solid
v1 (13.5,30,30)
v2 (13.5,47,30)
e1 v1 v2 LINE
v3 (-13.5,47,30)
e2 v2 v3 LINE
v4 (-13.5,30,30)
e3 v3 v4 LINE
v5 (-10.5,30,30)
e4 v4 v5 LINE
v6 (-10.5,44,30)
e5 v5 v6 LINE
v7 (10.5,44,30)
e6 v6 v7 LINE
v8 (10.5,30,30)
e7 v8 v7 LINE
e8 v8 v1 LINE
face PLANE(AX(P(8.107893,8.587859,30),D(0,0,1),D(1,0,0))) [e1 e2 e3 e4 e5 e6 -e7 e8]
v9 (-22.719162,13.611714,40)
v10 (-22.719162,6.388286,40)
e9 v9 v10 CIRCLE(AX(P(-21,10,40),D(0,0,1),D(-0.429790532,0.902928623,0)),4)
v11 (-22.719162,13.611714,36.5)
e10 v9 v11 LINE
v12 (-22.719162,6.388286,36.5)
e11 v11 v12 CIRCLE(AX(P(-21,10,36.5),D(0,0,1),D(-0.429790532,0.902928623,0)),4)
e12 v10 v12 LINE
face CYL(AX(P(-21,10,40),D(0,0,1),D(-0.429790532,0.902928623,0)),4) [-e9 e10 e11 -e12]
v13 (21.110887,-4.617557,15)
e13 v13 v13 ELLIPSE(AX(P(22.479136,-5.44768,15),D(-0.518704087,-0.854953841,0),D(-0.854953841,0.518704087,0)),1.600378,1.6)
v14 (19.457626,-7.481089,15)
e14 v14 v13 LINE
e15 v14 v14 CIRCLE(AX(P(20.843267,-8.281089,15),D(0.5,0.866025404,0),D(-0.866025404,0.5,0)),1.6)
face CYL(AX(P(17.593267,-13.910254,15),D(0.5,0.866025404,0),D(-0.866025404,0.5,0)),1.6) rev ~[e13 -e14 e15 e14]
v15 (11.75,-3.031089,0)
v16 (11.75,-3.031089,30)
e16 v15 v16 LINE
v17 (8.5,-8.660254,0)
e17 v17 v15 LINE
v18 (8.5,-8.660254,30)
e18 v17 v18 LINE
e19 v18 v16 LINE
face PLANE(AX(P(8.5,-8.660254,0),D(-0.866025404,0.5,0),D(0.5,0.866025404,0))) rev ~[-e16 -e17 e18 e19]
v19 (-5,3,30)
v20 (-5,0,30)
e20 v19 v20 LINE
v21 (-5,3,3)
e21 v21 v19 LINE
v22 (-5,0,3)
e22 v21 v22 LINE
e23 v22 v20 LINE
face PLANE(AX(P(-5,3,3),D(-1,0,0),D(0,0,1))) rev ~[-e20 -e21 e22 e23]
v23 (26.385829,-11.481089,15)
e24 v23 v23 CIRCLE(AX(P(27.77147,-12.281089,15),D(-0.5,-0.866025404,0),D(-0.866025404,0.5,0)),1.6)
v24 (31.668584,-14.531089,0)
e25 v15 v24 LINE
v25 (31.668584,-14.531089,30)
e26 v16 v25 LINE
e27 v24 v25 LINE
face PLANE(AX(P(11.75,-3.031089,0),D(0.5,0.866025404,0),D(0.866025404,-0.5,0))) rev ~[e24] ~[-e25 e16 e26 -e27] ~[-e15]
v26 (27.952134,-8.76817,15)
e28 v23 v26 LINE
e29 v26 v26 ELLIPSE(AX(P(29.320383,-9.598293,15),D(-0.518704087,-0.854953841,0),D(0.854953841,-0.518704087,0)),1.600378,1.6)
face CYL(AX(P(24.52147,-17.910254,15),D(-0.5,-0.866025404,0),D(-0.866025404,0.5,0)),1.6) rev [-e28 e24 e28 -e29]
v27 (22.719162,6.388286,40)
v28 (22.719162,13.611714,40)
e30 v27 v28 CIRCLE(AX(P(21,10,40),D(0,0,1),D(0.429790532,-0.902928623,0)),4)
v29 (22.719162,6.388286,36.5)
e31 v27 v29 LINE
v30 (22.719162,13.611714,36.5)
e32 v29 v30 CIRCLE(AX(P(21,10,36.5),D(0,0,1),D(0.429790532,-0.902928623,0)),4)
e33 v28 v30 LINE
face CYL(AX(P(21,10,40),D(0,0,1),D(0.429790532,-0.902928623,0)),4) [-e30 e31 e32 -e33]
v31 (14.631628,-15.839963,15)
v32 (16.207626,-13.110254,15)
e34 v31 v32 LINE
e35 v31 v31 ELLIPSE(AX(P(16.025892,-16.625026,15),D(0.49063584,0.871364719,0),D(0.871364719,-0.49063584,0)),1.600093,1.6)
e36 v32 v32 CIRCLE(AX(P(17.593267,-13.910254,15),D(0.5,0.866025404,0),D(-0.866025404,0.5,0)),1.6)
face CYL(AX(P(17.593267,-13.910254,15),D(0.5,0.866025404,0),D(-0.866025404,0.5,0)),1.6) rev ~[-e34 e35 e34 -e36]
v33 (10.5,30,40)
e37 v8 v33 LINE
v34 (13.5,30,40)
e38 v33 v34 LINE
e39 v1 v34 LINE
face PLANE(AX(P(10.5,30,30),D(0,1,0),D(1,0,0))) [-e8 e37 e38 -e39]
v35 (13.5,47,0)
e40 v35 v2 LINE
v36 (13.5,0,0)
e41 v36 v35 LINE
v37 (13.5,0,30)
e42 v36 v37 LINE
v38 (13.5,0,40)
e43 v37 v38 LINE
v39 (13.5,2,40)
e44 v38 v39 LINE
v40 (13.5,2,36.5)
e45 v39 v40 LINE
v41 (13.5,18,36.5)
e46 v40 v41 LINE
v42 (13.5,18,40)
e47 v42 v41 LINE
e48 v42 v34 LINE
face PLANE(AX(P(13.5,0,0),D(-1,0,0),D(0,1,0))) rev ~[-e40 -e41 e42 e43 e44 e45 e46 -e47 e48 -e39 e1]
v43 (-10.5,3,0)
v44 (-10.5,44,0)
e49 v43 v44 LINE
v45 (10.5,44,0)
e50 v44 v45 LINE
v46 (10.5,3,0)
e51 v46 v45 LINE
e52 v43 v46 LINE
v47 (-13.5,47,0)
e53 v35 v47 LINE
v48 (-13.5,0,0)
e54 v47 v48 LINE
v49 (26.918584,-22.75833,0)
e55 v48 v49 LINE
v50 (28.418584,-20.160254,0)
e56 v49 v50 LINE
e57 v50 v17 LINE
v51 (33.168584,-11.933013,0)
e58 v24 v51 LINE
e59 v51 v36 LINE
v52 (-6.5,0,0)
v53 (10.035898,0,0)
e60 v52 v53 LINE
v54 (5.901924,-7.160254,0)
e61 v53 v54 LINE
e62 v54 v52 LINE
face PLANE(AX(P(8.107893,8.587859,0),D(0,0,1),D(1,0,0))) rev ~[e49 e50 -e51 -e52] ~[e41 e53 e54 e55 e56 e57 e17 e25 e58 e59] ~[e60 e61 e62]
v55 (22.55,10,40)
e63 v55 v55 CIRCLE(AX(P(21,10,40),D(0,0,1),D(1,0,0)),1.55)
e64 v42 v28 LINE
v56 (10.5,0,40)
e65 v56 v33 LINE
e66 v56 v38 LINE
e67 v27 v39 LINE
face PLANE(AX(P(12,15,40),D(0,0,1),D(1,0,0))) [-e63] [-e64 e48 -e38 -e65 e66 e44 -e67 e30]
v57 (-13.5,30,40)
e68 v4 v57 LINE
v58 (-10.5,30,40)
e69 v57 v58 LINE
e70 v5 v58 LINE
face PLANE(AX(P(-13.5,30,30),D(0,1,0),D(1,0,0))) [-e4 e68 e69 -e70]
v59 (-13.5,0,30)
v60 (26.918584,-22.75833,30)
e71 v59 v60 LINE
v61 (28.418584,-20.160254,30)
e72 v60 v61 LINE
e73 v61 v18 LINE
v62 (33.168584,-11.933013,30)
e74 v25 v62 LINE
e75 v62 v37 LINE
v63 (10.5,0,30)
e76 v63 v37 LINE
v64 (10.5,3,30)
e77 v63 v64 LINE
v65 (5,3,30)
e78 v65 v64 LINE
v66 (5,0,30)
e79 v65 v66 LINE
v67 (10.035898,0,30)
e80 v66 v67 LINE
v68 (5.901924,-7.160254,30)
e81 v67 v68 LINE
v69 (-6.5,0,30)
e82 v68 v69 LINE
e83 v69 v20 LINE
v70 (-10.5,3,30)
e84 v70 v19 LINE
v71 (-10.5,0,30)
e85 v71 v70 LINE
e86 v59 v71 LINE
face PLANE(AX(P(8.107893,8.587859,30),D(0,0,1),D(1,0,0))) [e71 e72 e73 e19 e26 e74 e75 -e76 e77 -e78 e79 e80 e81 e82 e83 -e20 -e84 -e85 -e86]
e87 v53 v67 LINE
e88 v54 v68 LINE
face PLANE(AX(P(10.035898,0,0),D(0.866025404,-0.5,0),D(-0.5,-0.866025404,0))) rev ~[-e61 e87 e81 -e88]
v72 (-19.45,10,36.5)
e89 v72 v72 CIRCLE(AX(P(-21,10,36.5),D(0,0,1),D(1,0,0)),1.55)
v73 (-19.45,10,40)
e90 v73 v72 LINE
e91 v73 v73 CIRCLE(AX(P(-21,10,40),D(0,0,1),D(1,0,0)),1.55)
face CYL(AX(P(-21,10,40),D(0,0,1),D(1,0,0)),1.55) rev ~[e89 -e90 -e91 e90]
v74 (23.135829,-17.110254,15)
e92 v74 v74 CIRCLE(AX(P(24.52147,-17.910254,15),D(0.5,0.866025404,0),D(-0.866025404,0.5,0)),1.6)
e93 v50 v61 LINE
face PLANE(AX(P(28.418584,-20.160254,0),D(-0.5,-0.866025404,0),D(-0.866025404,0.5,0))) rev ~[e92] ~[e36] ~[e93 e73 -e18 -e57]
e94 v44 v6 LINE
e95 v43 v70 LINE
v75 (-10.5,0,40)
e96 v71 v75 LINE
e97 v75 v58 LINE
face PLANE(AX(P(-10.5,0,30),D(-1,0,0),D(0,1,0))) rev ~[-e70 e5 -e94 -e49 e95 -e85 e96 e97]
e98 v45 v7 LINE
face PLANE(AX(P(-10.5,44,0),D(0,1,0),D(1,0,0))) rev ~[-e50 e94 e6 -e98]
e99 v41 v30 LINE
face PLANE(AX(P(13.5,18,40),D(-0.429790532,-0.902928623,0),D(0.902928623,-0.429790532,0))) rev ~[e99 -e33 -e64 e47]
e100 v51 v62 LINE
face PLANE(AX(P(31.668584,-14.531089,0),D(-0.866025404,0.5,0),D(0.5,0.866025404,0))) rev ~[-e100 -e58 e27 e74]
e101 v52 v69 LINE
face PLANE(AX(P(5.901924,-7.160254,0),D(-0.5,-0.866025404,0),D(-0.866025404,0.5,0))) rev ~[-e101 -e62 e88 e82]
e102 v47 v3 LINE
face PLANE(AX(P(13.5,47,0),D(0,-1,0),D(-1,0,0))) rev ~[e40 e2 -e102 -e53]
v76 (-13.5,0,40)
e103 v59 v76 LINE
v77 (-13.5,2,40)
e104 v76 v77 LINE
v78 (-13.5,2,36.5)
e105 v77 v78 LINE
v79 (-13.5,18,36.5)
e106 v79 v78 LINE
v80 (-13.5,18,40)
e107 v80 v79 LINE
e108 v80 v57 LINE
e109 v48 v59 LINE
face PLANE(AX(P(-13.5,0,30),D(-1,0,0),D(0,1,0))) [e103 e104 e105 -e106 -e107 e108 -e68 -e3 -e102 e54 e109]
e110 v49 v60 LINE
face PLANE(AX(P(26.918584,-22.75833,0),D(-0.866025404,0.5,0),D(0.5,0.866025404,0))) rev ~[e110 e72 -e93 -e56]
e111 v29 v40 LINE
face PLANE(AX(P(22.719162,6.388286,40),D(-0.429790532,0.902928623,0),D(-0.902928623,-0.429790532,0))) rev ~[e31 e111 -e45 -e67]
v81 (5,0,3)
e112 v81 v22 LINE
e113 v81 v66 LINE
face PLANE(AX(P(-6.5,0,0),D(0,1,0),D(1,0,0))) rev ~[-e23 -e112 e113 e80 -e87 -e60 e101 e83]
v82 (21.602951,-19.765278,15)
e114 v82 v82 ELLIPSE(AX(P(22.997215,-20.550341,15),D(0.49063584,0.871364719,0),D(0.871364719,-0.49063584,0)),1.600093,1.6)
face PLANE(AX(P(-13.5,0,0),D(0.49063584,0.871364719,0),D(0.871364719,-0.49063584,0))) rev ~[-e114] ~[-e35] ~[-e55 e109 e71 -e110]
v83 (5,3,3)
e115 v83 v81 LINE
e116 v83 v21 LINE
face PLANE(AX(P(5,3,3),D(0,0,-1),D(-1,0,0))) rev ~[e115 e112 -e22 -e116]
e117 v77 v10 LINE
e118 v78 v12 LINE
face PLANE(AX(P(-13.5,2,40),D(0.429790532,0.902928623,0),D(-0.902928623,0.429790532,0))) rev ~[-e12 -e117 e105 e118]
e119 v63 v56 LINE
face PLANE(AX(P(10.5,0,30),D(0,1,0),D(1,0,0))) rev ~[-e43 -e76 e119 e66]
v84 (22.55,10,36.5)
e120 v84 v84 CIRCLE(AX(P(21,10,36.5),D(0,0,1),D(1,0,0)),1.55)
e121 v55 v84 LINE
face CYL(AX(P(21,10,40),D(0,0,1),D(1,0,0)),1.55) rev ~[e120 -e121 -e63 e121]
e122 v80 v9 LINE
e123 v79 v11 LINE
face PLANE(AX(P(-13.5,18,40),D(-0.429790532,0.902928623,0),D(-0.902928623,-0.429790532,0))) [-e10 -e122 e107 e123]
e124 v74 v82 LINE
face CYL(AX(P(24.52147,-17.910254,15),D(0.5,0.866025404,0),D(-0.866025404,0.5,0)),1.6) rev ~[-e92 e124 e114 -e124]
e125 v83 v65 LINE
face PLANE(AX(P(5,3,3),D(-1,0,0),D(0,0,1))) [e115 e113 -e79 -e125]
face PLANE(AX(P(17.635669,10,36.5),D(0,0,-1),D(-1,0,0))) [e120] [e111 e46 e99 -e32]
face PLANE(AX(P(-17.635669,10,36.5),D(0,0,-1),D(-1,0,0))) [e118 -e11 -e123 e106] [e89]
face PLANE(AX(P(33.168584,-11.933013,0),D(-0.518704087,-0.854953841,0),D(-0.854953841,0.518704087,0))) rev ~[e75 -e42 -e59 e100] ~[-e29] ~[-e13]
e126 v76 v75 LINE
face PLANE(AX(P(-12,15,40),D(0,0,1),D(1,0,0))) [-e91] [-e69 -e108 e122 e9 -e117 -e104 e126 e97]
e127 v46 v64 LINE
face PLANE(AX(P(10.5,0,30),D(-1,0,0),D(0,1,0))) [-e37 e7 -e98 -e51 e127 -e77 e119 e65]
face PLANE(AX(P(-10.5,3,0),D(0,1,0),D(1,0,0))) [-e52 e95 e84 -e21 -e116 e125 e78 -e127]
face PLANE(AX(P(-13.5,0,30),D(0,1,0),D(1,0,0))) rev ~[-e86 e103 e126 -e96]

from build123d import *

# Parameters (mm, degrees)
SKETCH_W        = 21
SKETCH_H        = 41
PAD_DEPTH       = 30
SKETCH001_W     = 10
SKETCH001_H     = 27
POCKET_DEPTH    = 3.1
SKETCH002_R     = 1.6
POCKET001_DEPTH = 12.5
SKETCH003_W     = 3
SKETCH003_H     = 30
PAD001_DEPTH    = 10
SKETCH004_R     = 1.55
PAD002_DEPTH    = 3.5


with BuildPart() as part:
    # Sketch → Pad (new body)
    with BuildSketch(Plane.XY):
        Polygon((13.5, 0), (13.5, 47), (-13.5, 47), (-13.5, 0), (26.918584287, -22.7583302492), (28.418584287, -20.1602540378), (8.5, -8.6602540378), (11.75, -3.0310889132), (31.668584287, -14.5310889132), (33.168584287, -11.9330127019), align=None)
        with Locations((0, 23.5)):
            Rectangle(SKETCH_W, SKETCH_H, mode=Mode.SUBTRACT)
        Polygon((-6.5, 0), (10.0358983849, 0), (5.9019237886, -7.1602540378), align=None, mode=Mode.SUBTRACT)
    extrude(amount=PAD_DEPTH)

    # Sketch001 (on Face11 of Pad) → Pocket (cut)
    with BuildSketch(Plane(origin=(0, 3, 0), x_dir=(-1, 0, 0), z_dir=(0, 1, 0))):
        with Locations((0, 16.5)):
            Rectangle(SKETCH001_W, SKETCH001_H)
    extrude(amount=-POCKET_DEPTH, mode=Mode.SUBTRACT)

    # Sketch002 (on Face10 of Pocket) → Pocket001 (cut, symmetric)
    with BuildSketch(Plane(origin=(-1.625, -2.8145825623, 0), x_dir=(-0.8660254038, 0.5, 0), z_dir=(0.5, 0.8660254038, 0))):
        with Locations((-30.1913429511, 15)):
            Circle(SKETCH002_R)
        with Locations((-22.1913429511, 15)):
            Circle(SKETCH002_R)
    extrude(amount=POCKET001_DEPTH, both=True, mode=Mode.SUBTRACT)

    # Sketch003 (on Face5 of Pocket001) → Pad001 (join)
    with BuildSketch(Plane.XY.offset(30)):
        with Locations((-12, 15)):
            Rectangle(SKETCH003_W, SKETCH003_H)
        with Locations((12, 15)):
            Rectangle(SKETCH003_W, SKETCH003_H)
    extrude(amount=PAD001_DEPTH)

    # Sketch004 (on Face26 of Pad001) → Pad002 (join)
    with BuildSketch(Plane.XY.offset(40)):
        with BuildLine():
            Line((-13.5, 18), (-13.5, 2))
            Line((-13.5, 2), (-22.7191621265, 6.3882855064))
            ThreePointArc((-22.7191621265, 13.6117144936), (-25, 10), (-22.7191621265, 6.3882855064))
            Line((-13.5, 18), (-22.7191621265, 13.6117144936))
        make_face()
        with Locations((-21, 10)):
            Circle(SKETCH004_R, mode=Mode.SUBTRACT)
        with BuildLine():
            Line((22.7191621265, 6.3882855064), (13.5, 2))
            Line((13.5, 2), (13.5, 18))
            Line((13.5, 18), (22.7191621265, 13.6117144936))
            ThreePointArc((22.7191621265, 6.3882855064), (25, 10), (22.7191621265, 13.6117144936))
        make_face()
        with Locations((21, 10)):
            Circle(SKETCH004_R, mode=Mode.SUBTRACT)
    extrude(amount=-PAD002_DEPTH)


solid = part.part
